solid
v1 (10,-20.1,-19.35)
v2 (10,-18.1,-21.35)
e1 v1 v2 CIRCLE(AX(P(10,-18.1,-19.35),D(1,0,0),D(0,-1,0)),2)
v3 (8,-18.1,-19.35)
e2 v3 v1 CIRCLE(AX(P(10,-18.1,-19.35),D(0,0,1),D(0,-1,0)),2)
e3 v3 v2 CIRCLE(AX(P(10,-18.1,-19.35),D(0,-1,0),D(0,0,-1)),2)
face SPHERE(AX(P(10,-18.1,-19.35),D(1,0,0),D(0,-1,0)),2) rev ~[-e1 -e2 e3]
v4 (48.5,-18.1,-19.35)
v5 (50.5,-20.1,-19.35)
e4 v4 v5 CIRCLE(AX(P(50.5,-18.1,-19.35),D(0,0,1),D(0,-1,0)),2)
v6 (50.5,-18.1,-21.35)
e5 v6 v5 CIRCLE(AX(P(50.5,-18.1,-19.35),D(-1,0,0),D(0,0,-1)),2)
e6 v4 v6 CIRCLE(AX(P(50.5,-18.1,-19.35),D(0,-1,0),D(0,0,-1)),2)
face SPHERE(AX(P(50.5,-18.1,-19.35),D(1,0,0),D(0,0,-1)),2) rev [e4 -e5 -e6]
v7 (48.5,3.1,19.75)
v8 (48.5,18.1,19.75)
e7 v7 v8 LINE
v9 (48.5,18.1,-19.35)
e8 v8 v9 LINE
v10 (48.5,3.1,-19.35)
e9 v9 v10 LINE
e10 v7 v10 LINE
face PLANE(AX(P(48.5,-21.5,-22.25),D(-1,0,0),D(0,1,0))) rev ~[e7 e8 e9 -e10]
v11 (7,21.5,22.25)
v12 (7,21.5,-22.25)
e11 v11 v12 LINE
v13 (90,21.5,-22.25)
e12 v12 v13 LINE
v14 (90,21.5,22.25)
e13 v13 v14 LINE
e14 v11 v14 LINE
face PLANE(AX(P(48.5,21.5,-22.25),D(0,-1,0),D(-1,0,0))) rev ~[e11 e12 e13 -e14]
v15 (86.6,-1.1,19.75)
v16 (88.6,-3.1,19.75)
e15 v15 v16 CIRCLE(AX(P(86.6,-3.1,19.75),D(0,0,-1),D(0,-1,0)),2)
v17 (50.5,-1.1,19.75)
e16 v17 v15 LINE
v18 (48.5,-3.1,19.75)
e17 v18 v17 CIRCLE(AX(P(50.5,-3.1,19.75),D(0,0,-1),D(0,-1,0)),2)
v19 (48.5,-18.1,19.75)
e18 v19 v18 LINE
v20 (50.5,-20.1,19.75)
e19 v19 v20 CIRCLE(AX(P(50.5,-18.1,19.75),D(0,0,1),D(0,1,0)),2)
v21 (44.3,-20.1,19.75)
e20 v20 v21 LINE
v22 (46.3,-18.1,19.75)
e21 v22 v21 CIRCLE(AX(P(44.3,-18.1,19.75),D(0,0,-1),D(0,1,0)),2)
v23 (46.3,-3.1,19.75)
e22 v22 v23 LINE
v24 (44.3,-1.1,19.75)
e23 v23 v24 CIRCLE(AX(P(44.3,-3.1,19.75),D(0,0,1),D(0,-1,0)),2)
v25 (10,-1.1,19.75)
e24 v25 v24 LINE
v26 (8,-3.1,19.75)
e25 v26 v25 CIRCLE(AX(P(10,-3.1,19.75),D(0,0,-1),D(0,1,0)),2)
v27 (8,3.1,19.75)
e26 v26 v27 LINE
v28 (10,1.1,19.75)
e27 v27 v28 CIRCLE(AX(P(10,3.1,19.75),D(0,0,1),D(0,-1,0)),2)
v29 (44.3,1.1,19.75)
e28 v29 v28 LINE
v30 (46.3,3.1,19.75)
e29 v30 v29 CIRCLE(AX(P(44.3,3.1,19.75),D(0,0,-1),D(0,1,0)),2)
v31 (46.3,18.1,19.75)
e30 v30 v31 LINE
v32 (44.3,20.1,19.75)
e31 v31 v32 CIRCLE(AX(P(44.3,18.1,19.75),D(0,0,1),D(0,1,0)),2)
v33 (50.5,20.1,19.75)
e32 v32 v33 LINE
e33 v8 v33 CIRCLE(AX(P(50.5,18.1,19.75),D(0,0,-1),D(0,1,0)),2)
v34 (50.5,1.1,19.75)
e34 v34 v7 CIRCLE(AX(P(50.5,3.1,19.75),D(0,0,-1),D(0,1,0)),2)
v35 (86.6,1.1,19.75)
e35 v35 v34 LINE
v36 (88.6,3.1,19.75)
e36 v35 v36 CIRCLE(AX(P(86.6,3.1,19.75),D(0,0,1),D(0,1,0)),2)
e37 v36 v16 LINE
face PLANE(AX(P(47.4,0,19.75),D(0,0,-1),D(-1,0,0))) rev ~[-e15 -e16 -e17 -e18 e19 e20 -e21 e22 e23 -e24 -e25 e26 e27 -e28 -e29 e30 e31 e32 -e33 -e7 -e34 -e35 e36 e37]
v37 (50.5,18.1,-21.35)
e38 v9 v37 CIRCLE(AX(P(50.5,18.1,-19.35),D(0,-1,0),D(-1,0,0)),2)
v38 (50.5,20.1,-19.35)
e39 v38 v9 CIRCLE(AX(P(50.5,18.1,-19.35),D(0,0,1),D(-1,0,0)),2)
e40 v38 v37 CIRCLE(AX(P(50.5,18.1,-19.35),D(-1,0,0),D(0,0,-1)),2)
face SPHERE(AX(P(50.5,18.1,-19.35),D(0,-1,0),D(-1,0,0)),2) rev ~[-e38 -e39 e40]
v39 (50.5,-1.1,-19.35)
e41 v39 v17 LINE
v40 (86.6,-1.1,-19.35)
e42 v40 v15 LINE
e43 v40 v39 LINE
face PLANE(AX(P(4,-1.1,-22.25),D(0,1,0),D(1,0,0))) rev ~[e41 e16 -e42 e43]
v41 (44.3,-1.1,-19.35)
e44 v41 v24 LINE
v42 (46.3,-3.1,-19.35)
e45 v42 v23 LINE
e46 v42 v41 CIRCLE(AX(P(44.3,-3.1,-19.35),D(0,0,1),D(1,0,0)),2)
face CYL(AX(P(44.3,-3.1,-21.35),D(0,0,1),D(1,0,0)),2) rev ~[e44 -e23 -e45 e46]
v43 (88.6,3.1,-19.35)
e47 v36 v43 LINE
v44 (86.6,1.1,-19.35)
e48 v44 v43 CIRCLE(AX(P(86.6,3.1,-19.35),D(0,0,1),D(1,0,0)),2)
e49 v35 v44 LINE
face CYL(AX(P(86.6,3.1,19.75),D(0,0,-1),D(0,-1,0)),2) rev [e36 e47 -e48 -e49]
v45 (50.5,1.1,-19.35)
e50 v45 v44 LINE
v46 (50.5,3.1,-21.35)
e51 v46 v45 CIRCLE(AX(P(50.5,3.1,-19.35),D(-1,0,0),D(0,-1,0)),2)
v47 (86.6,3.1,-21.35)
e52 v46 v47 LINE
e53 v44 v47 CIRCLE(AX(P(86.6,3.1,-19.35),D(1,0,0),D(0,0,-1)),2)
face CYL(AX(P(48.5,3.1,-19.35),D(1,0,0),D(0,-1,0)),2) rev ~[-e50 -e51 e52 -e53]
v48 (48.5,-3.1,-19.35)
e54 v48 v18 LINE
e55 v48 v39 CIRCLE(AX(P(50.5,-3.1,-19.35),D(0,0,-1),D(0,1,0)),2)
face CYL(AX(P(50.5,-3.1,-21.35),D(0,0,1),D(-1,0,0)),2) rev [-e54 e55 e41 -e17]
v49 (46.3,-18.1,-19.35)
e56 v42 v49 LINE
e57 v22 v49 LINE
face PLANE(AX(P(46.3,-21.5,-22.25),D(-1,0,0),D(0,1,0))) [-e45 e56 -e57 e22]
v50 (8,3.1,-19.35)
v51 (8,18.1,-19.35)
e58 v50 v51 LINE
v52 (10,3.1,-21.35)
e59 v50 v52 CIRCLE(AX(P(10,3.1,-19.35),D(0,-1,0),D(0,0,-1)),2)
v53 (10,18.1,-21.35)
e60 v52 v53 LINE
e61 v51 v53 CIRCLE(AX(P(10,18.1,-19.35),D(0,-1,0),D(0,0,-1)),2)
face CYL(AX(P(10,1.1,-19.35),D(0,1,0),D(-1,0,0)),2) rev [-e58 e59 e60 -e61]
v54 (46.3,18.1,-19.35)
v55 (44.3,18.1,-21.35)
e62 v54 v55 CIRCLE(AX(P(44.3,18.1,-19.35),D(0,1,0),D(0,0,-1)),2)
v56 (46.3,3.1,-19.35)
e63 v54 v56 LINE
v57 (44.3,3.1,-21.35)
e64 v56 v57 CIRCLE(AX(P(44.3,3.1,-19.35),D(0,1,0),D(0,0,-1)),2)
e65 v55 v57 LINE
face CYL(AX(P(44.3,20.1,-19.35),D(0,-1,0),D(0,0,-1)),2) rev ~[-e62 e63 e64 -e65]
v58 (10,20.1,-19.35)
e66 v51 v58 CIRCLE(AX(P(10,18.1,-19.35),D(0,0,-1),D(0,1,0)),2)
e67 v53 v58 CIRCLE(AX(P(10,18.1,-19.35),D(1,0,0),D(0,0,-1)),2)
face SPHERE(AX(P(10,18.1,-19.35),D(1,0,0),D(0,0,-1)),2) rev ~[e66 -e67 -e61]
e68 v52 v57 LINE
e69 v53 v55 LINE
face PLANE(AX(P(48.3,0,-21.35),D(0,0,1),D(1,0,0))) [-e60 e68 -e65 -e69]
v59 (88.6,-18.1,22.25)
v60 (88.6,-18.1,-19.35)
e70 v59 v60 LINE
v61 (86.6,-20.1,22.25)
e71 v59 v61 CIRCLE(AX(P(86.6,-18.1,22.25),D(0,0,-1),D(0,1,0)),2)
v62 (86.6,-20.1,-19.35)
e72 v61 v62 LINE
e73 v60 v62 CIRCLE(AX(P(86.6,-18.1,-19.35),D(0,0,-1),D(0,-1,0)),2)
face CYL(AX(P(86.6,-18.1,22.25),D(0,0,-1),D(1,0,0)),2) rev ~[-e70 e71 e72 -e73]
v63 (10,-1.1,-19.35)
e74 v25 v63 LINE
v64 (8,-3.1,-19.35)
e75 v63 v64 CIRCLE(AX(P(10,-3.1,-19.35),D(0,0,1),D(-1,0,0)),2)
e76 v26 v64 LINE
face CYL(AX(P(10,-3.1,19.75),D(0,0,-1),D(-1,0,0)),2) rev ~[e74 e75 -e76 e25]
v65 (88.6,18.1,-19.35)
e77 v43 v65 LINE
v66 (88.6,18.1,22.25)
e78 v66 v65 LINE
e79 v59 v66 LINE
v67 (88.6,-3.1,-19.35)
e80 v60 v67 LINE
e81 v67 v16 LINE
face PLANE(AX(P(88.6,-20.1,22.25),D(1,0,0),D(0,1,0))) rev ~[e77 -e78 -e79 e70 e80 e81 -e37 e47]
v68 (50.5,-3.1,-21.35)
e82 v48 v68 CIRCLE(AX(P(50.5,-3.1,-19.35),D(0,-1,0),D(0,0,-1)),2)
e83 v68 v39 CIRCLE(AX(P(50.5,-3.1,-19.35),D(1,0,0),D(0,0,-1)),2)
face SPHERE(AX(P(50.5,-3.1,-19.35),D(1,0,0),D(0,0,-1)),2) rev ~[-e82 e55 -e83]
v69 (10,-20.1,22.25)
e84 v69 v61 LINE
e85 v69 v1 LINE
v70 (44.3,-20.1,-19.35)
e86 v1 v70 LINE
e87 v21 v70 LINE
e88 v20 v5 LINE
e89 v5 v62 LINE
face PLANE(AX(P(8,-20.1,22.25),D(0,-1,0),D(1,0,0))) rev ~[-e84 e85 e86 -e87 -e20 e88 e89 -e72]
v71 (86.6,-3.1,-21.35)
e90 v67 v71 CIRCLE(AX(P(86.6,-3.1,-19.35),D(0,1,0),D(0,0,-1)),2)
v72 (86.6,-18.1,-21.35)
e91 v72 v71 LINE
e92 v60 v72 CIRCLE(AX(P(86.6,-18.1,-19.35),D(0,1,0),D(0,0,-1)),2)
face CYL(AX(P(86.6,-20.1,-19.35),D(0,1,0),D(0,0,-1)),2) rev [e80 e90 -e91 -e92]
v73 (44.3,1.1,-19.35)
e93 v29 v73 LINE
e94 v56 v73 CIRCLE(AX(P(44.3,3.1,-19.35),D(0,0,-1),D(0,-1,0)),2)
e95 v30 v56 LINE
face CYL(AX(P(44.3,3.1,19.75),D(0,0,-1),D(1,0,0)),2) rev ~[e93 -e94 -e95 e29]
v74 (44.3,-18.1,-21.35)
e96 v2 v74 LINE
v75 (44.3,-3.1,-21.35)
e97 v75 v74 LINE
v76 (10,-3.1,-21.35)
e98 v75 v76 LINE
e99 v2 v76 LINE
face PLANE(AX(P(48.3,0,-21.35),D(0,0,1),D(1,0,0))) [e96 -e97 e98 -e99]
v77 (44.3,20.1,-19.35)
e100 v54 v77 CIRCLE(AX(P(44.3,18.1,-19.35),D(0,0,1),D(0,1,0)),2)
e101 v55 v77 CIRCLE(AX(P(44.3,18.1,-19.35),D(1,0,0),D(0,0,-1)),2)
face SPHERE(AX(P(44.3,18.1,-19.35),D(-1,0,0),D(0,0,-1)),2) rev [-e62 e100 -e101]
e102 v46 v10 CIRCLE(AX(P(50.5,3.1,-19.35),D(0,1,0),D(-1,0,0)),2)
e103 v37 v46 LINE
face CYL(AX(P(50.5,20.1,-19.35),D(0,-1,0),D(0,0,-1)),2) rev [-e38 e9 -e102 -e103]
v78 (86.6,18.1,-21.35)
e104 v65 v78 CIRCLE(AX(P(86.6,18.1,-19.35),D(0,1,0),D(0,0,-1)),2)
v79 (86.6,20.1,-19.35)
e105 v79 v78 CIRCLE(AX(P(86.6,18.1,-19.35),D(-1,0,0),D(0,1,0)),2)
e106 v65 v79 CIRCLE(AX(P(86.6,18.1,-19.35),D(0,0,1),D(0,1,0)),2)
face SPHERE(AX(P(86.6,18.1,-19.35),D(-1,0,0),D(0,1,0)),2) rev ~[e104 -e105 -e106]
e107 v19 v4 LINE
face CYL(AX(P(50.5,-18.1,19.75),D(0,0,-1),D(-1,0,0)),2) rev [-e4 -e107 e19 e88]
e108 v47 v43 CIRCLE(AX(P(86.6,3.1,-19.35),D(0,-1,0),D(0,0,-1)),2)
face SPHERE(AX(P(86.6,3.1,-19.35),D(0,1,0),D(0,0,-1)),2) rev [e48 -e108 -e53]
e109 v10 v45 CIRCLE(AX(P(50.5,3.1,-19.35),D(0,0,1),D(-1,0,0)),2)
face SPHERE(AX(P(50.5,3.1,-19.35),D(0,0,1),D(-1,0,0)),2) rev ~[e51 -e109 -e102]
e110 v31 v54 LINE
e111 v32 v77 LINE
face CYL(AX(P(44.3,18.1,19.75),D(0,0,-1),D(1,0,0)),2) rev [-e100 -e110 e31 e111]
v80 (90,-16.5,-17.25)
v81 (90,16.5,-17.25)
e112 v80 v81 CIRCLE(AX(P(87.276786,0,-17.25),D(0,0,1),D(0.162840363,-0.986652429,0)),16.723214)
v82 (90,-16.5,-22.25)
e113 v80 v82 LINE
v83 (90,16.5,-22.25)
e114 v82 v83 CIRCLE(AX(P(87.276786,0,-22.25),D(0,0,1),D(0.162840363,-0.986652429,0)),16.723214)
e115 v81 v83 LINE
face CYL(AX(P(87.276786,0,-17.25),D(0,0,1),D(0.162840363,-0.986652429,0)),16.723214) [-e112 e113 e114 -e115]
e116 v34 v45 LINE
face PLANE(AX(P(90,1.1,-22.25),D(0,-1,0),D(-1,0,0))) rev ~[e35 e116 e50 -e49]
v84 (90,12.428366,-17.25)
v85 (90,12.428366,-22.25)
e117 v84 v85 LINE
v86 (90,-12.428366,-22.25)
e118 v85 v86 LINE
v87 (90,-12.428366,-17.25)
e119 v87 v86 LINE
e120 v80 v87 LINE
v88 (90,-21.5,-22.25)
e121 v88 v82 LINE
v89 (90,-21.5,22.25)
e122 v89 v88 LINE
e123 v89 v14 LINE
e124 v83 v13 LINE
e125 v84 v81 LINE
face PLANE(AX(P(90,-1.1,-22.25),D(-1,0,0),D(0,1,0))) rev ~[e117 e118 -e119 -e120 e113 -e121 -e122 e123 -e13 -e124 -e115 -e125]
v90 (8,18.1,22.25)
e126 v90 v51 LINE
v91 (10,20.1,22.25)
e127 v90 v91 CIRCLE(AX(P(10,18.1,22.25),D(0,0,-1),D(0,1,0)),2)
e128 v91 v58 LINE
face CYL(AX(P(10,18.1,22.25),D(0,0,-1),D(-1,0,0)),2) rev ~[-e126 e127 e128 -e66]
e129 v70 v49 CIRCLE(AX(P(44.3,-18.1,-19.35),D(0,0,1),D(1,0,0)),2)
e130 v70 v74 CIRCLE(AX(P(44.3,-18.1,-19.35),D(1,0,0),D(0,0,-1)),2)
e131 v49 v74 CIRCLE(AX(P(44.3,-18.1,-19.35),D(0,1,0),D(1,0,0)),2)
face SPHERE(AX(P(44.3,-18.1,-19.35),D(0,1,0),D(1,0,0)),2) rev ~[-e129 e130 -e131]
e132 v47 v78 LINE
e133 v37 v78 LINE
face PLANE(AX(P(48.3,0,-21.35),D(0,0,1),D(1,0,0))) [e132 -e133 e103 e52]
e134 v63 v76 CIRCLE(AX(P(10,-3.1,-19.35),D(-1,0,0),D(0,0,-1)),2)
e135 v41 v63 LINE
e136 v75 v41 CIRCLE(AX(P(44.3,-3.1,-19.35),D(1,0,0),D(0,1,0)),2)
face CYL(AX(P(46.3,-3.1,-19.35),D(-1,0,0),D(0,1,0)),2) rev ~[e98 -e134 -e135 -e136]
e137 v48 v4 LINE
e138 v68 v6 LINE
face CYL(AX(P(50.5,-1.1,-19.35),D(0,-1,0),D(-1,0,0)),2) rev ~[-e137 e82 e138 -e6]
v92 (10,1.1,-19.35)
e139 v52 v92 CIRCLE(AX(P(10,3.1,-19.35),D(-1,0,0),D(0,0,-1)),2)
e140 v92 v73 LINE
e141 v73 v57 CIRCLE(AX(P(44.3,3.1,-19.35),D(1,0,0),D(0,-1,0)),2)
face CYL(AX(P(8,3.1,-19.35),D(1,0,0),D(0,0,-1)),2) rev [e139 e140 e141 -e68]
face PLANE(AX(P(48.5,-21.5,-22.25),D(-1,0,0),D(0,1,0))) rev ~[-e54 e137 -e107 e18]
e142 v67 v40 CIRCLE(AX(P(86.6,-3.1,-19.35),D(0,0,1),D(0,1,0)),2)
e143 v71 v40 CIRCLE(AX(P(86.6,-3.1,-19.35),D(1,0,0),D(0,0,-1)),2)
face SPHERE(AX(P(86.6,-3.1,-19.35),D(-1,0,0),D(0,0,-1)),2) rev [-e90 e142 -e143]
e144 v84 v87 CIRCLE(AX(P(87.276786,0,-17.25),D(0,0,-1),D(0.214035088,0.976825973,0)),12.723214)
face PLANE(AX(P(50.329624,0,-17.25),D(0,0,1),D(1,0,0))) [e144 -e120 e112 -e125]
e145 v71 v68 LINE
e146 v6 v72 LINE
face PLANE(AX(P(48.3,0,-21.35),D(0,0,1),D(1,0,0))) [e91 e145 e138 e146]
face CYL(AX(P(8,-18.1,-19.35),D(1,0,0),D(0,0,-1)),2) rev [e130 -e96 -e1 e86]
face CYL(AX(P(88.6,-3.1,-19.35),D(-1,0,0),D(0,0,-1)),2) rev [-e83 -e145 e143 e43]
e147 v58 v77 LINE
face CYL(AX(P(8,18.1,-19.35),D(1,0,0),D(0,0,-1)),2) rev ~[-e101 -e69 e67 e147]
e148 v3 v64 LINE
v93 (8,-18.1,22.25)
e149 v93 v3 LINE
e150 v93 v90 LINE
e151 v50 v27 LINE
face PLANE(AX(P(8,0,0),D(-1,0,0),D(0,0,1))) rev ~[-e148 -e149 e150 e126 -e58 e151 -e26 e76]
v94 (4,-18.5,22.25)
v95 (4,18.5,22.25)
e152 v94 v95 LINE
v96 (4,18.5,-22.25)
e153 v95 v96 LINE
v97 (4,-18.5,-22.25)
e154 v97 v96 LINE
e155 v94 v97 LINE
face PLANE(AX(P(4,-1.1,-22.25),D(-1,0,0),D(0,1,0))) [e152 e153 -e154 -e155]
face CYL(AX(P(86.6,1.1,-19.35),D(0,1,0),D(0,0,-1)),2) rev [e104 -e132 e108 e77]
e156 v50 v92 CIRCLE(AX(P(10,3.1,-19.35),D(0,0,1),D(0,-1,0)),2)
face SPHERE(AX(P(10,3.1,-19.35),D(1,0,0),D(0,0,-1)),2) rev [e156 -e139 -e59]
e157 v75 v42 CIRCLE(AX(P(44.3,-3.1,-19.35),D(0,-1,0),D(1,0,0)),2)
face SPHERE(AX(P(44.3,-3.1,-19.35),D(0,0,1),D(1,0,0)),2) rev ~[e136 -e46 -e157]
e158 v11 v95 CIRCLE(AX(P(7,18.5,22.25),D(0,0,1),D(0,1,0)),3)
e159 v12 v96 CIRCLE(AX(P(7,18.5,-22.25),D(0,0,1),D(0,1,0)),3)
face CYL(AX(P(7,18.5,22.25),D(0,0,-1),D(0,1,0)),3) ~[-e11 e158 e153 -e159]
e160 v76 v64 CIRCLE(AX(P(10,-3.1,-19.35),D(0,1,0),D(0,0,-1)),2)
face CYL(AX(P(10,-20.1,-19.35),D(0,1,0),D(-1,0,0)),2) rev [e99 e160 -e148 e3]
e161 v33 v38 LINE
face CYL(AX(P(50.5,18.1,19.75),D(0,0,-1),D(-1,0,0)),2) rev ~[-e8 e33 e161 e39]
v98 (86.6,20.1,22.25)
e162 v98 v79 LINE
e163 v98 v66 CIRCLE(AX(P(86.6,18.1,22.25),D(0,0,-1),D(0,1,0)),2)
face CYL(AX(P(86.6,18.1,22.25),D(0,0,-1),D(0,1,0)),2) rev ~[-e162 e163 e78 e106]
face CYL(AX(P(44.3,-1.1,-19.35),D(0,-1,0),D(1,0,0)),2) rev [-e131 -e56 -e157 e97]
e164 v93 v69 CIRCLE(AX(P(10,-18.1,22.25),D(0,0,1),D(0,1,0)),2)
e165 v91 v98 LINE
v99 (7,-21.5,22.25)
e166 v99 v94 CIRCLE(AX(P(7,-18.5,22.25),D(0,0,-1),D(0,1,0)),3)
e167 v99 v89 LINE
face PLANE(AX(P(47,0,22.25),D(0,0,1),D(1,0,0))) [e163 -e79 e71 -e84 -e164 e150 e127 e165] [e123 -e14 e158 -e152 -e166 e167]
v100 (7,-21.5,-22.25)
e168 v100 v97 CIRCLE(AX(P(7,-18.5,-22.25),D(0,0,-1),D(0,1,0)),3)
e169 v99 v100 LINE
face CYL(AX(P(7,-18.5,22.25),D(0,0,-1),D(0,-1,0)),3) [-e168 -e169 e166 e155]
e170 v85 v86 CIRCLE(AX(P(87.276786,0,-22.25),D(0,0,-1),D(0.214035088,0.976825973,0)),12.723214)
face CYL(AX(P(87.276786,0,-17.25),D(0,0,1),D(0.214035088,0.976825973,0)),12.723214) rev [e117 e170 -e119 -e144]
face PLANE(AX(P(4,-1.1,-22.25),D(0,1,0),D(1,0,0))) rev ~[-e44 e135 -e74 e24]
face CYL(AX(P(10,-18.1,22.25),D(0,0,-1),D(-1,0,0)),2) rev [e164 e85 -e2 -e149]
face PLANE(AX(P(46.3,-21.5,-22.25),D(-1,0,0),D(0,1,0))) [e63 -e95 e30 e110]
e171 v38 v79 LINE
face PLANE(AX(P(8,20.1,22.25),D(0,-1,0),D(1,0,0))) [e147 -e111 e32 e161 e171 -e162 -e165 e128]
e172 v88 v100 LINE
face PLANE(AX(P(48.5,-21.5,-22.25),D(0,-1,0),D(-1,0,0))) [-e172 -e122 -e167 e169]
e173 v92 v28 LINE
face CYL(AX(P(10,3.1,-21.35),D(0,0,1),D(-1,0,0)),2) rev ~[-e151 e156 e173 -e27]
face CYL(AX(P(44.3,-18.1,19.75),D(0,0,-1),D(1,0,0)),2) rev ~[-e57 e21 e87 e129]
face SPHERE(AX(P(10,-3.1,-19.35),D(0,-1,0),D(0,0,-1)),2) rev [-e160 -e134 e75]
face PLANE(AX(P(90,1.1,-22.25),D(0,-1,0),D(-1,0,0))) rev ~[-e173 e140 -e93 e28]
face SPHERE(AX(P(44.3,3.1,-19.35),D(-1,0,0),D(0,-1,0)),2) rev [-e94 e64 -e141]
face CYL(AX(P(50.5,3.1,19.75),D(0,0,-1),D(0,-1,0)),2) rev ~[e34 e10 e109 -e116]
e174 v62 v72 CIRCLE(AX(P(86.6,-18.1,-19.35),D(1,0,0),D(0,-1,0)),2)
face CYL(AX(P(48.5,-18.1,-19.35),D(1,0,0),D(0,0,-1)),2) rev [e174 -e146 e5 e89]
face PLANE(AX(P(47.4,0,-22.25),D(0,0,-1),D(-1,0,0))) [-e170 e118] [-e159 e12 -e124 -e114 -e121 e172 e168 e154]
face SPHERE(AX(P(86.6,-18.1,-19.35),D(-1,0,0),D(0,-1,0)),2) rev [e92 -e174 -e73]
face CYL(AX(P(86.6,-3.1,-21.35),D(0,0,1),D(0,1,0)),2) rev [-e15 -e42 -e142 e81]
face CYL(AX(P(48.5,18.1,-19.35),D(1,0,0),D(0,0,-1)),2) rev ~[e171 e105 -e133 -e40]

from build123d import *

# Parameters (mm, degrees)
SKETCH_1_W                  = 86
SKETCH_1_H                  = 43
EXTRUDE_1_DEPTH             = 39.5
EXTRUDE_2_DEPTH             = 5
SKETCH_3_W                  = 80.6
SKETCH_3_H                  = 40.2
CUT_EXTRUDE_1_DEPTH         = 43.6
HOLE_WIZARD_8_3_8_3_1_D     = 8.3
HOLE_WIZARD_8_3_8_3_1_DEPTH = 3.2
FILLET_1_R                  = 3
EXTRUDE_START               = -4
SKETCH_6_R                  = 4.15
EXTRUDE_3_DEPTH             = 4
EXTRUDE_4_DEPTH             = 42
SKETCH_10_W                 = 2.2
SKETCH_10_H                 = 43
EXTRUDE_5_DEPTH             = 42
FILLET_2_R                  = 2


with BuildPart() as part:
    # Эскиз1 → Бобышка-Вытянуть1 (new body)
    with BuildSketch(Plane.XY.offset(22.25)):
        with Locations((47, 0)):
            Rectangle(SKETCH_1_W, SKETCH_1_H)
    extrude(amount=-EXTRUDE_1_DEPTH)

    # Эскиз2 → Бобышка-Вытянуть2 (add)
    with BuildSketch(Plane(origin=(0, 0, -17.25), x_dir=(-1, 0, 0), z_dir=(0, 0, -1))):
        with BuildLine():
            Line((-90, -21.5), (-90, -16.5))
            ThreePointArc((-90, -16.5), (-104, 0), (-90, 16.5))
            Line((-90, 16.5), (-90, 21.5))
            Line((-90, 21.5), (-4, 21.5))
            Line((-4, 21.5), (-4, -21.5))
            Line((-4, -21.5), (-90, -21.5))
        make_face()
        with BuildLine():
            Line((-90, -12.428366172), (-90, 12.428366172))
            ThreePointArc((-90, 12.428366172), (-100, 0), (-90, -12.428366172))
        make_face(mode=Mode.SUBTRACT)
    extrude(amount=EXTRUDE_2_DEPTH)

    # Эскиз3 → Вырез-Вытянуть1 (cut)
    with BuildSketch(Plane.XY.offset(22.25)):
        with Locations((48.3, 0)):
            Rectangle(SKETCH_3_W, SKETCH_3_H)
    extrude(amount=-CUT_EXTRUDE_1_DEPTH, mode=Mode.SUBTRACT)

    # Диаметр отверстия Ø8.3 (8.3)1
    with Locations(Plane.ZY.offset(-4)):
        with Locations((0, 0)):
            Hole(HOLE_WIZARD_8_3_8_3_1_D / 2, depth=HOLE_WIZARD_8_3_8_3_1_DEPTH)

    # Скругление1
    fillet_1_edges = [part.edges().sort_by_distance(p)[0] for p in [
        (4, -21.5, 0),
        (4, 21.5, 0),
    ]]
    fillet(fillet_1_edges, radius=FILLET_1_R)

    # Эскиз6 → Бобышка-Вытянуть3 (add)
    with BuildSketch(Plane.ZY.offset(-4).offset(EXTRUDE_START)):
        Circle(SKETCH_6_R)
    extrude(amount=EXTRUDE_3_DEPTH)

    # Эскиз7 → Бобышка-Вытянуть4 (add)
    with BuildSketch(Plane(origin=(0, 0, -22.25), x_dir=(-1, 0, 0), z_dir=(0, 0, -1))):
        Polygon((-90, -1.1), (-90, 1.1), (-4, 1.1), (-4, 0), (-4, -1.1), align=None)
    extrude(amount=-EXTRUDE_4_DEPTH)

    # Эскиз10 → Бобышка-Вытянуть5 (add)
    with BuildSketch(Plane(origin=(0, 0, -22.25), x_dir=(-1, 0, 0), z_dir=(0, 0, -1))):
        with Locations((-47.4, 0)):
            Rectangle(SKETCH_10_W, SKETCH_10_H)
    extrude(amount=-EXTRUDE_5_DEPTH)

    # Скругление2
    fillet_2_edges = [part.edges().sort_by_distance(p)[0] for p in [
        (27.15, 1.1, -21.35),
        (48.5, 1.1, -0.8),
        (46.3, 1.1, -0.8),
        (68.55, -1.1, -21.35),
        (27.15, 20.1, -21.35),
        (68.55, -20.1, -21.35),
        (46.3, -1.1, -0.8),
        (46.3, -10.6, -21.35),
        (46.3, 10.6, -21.35),
        (48.5, -10.6, -21.35),
        (48.5, -1.1, -0.8),
        (48.5, 10.6, -21.35),
        (46.3, -20.1, -0.8),
        (46.3, 20.1, -0.8),
        (48.5, -20.1, -0.8),
        (48.5, 20.1, -0.8),
        (27.15, -20.1, -21.35),
        (88.6, -20.1, 0.45),
        (8, 10.6, -21.35),
        (8, -20.1, 0.45),
        (68.55, 20.1, -21.35),
        (8, 20.1, 0.45),
        (88.6, -10.6, -21.35),
        (88.6, 20.1, 0.45),
        (88.6, 10.6, -21.35),
        (8, -10.6, -21.35),
        (68.55, 1.1, -21.35),
        (27.15, -1.1, -21.35),
        (8, -1.1, -0.8),
        (88.6, -1.1, -0.8),
        (8, 1.1, -0.8),
        (88.6, 1.1, -0.8),
    ]]
    fillet(fillet_2_edges, radius=FILLET_2_R)


solid = part.part
